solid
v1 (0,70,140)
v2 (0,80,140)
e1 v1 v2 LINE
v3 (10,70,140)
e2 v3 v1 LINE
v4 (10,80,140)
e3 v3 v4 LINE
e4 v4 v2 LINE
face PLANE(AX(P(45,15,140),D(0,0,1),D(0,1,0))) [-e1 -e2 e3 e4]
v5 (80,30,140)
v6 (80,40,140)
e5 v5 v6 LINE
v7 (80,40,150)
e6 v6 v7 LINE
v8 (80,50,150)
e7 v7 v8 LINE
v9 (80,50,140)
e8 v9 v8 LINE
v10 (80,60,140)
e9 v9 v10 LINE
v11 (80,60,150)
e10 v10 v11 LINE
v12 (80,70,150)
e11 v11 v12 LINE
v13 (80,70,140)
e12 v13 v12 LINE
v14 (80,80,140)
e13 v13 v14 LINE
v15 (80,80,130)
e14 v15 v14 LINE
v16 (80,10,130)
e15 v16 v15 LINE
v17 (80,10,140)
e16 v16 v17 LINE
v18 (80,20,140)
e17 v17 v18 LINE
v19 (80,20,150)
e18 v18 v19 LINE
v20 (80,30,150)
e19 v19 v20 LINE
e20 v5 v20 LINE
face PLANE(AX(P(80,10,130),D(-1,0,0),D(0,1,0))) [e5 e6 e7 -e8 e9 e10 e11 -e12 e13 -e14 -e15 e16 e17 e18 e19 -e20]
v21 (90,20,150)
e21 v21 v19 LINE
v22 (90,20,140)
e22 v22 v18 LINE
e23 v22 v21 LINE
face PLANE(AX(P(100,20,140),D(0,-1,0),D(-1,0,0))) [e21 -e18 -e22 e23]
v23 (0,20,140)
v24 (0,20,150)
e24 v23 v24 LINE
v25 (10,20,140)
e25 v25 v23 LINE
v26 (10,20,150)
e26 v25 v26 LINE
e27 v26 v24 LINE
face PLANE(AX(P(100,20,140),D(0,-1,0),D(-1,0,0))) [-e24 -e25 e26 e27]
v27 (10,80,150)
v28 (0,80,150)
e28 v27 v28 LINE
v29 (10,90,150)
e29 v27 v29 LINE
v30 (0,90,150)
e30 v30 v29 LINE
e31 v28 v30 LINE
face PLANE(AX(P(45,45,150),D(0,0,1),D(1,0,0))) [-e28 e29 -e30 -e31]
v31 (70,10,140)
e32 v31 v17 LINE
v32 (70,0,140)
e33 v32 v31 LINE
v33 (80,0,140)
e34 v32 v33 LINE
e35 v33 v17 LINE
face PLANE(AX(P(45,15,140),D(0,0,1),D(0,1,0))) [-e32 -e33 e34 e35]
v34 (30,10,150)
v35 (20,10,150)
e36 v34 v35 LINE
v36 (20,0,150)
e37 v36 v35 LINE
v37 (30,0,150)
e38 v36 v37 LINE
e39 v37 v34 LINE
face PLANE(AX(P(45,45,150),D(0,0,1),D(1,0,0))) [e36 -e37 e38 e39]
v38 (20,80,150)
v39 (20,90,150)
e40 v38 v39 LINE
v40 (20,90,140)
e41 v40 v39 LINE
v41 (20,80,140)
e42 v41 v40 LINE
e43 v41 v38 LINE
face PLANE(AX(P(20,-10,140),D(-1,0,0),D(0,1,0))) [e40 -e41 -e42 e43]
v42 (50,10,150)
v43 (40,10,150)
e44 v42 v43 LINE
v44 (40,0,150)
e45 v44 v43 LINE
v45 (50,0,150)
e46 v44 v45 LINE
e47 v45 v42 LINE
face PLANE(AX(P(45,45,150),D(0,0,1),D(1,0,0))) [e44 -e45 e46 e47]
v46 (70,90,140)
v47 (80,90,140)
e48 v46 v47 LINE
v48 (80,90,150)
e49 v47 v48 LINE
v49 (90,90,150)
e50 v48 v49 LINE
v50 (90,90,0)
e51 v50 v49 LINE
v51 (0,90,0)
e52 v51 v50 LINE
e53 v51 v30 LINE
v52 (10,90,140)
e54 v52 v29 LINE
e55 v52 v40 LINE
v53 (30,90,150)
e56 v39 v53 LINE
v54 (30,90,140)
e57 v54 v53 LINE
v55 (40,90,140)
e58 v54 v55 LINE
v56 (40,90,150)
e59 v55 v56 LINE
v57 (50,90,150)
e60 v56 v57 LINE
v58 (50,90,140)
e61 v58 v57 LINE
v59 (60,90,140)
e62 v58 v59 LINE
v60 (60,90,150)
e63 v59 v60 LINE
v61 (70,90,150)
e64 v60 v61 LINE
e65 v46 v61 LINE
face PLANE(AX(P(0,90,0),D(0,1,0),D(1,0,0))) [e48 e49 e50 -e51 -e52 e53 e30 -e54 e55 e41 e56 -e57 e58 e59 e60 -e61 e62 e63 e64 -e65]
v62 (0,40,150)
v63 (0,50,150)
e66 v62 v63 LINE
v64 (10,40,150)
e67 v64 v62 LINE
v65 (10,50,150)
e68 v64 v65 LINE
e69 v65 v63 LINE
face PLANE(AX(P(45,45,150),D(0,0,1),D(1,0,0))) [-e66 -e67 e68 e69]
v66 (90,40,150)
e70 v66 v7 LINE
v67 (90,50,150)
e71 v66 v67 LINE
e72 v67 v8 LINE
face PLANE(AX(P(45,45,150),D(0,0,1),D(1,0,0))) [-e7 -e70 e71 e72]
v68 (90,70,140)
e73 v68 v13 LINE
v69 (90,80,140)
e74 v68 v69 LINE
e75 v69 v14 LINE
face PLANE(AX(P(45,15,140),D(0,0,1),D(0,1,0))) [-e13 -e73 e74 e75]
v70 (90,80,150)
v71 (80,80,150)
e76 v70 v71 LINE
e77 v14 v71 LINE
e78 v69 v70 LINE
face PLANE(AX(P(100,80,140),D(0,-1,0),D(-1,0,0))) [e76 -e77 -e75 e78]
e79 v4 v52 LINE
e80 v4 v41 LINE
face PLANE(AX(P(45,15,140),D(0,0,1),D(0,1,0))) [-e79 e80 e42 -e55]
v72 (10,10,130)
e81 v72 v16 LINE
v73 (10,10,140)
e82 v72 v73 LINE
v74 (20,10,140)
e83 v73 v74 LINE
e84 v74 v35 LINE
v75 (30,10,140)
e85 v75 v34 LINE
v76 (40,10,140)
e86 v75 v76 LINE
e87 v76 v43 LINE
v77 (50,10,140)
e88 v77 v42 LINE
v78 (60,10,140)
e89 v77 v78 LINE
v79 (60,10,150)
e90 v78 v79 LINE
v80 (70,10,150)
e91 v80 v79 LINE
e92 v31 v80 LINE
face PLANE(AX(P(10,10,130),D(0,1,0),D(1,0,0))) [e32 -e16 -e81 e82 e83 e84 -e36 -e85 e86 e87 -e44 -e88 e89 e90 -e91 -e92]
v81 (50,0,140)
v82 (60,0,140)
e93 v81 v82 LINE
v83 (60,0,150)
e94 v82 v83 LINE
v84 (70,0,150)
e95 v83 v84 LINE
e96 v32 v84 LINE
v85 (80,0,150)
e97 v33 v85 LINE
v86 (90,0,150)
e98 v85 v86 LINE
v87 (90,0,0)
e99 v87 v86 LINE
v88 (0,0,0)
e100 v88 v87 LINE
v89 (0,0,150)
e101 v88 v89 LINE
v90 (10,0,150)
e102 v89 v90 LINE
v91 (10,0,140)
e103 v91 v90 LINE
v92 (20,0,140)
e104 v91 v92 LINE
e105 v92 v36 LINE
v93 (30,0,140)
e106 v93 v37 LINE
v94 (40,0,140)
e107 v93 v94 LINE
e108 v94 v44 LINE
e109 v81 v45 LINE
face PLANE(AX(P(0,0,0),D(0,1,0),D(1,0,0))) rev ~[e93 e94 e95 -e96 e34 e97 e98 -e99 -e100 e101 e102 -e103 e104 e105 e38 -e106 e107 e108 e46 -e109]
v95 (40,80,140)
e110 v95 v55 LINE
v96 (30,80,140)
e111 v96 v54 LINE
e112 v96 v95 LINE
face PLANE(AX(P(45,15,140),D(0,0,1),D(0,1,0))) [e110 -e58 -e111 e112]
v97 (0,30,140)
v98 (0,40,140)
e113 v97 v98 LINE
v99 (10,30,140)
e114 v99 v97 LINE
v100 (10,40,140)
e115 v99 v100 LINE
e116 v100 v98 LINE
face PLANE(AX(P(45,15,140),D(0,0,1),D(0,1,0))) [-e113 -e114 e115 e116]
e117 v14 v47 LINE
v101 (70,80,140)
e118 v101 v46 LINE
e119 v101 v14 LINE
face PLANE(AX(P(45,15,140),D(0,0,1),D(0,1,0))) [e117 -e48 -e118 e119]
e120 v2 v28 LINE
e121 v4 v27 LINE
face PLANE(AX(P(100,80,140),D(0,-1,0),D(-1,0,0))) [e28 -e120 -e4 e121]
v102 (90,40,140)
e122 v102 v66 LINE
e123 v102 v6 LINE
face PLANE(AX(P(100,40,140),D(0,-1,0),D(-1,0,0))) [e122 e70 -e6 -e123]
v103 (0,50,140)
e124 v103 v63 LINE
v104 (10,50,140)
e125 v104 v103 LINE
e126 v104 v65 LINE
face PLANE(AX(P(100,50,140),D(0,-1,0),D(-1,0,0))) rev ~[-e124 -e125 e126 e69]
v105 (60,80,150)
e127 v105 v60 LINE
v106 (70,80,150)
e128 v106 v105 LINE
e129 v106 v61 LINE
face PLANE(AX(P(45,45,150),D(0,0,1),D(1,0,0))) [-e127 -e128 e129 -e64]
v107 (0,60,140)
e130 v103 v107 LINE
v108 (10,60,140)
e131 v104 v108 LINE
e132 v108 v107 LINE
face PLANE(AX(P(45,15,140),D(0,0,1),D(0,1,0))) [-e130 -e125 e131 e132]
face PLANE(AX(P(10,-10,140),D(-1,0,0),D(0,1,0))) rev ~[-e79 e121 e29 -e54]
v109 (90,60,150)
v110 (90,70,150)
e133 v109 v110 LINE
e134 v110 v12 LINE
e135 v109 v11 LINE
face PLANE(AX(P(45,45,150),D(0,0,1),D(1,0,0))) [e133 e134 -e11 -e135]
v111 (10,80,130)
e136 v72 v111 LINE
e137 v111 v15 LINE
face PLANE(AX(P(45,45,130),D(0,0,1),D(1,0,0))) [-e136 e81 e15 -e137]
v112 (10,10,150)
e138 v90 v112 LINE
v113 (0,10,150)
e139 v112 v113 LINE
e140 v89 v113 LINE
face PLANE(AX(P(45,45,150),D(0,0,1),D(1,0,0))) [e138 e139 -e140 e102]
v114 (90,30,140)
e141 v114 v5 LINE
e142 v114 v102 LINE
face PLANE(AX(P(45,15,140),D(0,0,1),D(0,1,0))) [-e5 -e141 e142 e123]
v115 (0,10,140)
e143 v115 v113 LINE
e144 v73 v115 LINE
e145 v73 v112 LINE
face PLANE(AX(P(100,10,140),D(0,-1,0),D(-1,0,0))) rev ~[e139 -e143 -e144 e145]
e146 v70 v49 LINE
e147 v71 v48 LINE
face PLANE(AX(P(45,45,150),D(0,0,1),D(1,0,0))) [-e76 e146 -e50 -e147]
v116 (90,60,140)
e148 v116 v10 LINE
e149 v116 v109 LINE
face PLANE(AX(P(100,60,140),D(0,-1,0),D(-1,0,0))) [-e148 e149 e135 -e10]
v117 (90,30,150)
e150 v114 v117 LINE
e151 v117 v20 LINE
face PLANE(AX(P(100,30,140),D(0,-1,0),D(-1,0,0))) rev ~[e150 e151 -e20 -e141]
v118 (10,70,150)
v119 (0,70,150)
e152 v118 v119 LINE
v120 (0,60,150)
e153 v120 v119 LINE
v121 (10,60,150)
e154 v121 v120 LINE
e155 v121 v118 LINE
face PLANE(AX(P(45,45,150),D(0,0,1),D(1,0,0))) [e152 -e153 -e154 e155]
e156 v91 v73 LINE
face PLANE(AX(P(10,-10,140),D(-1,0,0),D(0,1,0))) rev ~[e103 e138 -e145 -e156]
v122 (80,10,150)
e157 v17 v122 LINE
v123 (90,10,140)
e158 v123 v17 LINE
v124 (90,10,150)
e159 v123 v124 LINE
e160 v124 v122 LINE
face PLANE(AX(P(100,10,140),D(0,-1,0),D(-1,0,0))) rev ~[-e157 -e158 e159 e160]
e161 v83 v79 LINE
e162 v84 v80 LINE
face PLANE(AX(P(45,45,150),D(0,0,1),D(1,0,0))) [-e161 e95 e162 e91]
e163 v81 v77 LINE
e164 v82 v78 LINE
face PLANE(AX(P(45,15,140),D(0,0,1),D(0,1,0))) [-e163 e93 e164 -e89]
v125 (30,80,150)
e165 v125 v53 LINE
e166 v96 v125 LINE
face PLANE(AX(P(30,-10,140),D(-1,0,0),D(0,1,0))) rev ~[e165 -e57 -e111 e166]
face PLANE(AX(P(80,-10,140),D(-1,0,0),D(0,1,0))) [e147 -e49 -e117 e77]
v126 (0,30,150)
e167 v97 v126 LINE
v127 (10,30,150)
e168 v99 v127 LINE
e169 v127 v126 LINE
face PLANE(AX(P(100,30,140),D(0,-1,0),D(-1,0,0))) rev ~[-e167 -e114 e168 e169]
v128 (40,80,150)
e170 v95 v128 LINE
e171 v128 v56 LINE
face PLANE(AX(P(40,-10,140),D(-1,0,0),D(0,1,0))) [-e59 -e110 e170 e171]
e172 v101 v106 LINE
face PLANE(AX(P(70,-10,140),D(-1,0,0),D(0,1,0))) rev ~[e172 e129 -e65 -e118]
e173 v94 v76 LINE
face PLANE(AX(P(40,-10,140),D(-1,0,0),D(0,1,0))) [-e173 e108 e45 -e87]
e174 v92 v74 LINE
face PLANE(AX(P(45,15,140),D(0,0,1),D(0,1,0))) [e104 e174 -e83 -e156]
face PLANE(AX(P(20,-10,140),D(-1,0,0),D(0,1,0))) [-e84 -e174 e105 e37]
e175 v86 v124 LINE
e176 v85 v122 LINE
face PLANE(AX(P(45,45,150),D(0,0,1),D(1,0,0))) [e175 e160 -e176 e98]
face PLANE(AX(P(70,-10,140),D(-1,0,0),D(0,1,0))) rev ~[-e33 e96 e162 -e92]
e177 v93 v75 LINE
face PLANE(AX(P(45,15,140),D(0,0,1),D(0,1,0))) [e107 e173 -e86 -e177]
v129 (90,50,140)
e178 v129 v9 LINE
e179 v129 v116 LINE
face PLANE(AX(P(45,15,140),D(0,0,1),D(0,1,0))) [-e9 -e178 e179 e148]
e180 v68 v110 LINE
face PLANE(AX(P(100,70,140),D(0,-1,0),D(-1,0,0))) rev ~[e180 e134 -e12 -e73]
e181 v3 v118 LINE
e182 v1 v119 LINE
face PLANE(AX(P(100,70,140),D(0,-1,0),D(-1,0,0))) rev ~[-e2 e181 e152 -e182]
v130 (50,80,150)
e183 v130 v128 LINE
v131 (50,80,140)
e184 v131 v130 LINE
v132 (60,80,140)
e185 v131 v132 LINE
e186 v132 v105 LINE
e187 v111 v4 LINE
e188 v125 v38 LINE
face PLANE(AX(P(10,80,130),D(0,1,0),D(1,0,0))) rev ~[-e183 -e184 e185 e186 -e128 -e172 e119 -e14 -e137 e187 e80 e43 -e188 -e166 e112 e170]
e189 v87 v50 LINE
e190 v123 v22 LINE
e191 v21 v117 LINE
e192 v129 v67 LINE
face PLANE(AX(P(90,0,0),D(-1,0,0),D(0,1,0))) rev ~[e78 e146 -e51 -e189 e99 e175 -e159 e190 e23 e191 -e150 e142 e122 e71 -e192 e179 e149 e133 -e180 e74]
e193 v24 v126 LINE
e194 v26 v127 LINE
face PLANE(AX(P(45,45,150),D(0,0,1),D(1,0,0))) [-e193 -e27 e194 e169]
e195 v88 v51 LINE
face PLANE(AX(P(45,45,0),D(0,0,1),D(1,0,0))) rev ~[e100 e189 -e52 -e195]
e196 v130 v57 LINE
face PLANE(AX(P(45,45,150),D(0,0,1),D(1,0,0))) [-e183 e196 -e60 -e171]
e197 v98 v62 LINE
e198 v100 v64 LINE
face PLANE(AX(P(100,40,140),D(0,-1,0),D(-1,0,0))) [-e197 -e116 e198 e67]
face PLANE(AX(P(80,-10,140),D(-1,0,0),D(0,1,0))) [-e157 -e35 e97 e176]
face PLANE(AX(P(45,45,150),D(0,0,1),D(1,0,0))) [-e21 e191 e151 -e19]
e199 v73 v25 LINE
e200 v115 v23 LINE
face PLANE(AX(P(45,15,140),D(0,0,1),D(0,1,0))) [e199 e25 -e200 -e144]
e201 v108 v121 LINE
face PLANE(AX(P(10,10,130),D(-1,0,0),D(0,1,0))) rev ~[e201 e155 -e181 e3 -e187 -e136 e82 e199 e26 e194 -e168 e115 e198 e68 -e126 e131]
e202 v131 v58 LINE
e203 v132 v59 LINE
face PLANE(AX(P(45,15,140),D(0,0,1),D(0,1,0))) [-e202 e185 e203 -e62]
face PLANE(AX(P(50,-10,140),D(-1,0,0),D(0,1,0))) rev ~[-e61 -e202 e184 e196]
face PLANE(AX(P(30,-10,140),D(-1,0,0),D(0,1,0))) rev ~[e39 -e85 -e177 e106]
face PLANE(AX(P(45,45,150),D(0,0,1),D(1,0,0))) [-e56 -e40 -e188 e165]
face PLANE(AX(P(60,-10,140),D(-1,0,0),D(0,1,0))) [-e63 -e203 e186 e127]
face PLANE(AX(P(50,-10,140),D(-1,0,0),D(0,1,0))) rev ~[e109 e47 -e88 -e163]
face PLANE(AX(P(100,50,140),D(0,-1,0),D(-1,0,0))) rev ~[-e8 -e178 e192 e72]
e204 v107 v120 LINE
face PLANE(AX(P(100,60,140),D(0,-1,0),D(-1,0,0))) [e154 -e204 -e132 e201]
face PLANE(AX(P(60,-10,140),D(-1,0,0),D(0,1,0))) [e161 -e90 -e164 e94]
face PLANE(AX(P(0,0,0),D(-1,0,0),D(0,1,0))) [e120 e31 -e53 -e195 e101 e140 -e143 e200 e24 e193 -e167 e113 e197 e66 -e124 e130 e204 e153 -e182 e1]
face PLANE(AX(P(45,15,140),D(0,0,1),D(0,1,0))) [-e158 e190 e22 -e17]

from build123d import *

# Parameters (mm, degrees)
BOX003_W                 = 10
BOX003_H                 = 110
BOX003_DEPTH             = 10
ARRAY001_X_COUNT         = 4
ARRAY001_X_PITCH         = 20
ARRAY001_PLACEMENT_ANGLE = 90
BOX002_W                 = 10
BOX002_H                 = 110
BOX002_DEPTH             = 10
ARRAY_X_COUNT            = 4
ARRAY_X_PITCH            = 20
BOX001_W                 = 70
BOX001_H                 = 70
BOX001_DEPTH             = 30
BOX_W                    = 90
BOX_H                    = 90
BOX_DEPTH                = 150


with BuildPart() as almenas_y:
    # Box003 → Box003 (new body)
    with BuildSketch(Plane.XY):
        with Locations((5, 55)):
            Rectangle(BOX003_W, BOX003_H)
    extrude(amount=BOX003_DEPTH)

    # Array001 X: almenas_y ×4


with BuildPart() as almenas_y_1:
    add(almenas_y.part)
    with Locations(*[(i * ARRAY001_X_PITCH, 0, 0) for i in range(1, ARRAY001_X_COUNT)]):
        add(almenas_y.part)


with BuildPart() as almenas_y_2:
    # Array001 placement: moved
    add(almenas_y_1.part.moved(Location((90, 20, 0))).rotate(Axis((90, 20, 0), (0, 0, 1)), ARRAY001_PLACEMENT_ANGLE))


with BuildPart() as almena_resta:
    # Box002 → Box002 (new body)
    with BuildSketch(Plane.XY):
        with Locations((5, 55)):
            Rectangle(BOX002_W, BOX002_H)
    extrude(amount=BOX002_DEPTH)

    # Array X: almena_resta ×4


with BuildPart() as almena_resta_1:
    add(almena_resta.part)
    with Locations(*[(i * ARRAY_X_PITCH, 0, 0) for i in range(1, ARRAY_X_COUNT)]):
        add(almena_resta.part)

    # Fusion: union almenas_y
    add(almenas_y_2.part)


with BuildPart() as almena_resta_2:
    # Fusion placement: moved
    add(almena_resta_1.part.moved(Location((10, -10, 140))))


with BuildPart() as azotea_resta:
    # Box001 → Box001 (new body)
    with BuildSketch(Plane(origin=(10, 10, 130), x_dir=(1, 0, 0), z_dir=(0, 0, 1))):
        with Locations((35, 35)):
            Rectangle(BOX001_W, BOX001_H)
    extrude(amount=BOX001_DEPTH)


with BuildPart() as torre_almenas:
    # Box → Box (new body)
    with BuildSketch(Plane.XY):
        with Locations((45, 45)):
            Rectangle(BOX_W, BOX_H)
    extrude(amount=BOX_DEPTH)

    # Cut: cut azotea_resta
    add(azotea_resta.part, mode=Mode.SUBTRACT)

    # Cut001: cut almena_resta
    add(almena_resta_2.part, mode=Mode.SUBTRACT)


solid = torre_almenas.part
